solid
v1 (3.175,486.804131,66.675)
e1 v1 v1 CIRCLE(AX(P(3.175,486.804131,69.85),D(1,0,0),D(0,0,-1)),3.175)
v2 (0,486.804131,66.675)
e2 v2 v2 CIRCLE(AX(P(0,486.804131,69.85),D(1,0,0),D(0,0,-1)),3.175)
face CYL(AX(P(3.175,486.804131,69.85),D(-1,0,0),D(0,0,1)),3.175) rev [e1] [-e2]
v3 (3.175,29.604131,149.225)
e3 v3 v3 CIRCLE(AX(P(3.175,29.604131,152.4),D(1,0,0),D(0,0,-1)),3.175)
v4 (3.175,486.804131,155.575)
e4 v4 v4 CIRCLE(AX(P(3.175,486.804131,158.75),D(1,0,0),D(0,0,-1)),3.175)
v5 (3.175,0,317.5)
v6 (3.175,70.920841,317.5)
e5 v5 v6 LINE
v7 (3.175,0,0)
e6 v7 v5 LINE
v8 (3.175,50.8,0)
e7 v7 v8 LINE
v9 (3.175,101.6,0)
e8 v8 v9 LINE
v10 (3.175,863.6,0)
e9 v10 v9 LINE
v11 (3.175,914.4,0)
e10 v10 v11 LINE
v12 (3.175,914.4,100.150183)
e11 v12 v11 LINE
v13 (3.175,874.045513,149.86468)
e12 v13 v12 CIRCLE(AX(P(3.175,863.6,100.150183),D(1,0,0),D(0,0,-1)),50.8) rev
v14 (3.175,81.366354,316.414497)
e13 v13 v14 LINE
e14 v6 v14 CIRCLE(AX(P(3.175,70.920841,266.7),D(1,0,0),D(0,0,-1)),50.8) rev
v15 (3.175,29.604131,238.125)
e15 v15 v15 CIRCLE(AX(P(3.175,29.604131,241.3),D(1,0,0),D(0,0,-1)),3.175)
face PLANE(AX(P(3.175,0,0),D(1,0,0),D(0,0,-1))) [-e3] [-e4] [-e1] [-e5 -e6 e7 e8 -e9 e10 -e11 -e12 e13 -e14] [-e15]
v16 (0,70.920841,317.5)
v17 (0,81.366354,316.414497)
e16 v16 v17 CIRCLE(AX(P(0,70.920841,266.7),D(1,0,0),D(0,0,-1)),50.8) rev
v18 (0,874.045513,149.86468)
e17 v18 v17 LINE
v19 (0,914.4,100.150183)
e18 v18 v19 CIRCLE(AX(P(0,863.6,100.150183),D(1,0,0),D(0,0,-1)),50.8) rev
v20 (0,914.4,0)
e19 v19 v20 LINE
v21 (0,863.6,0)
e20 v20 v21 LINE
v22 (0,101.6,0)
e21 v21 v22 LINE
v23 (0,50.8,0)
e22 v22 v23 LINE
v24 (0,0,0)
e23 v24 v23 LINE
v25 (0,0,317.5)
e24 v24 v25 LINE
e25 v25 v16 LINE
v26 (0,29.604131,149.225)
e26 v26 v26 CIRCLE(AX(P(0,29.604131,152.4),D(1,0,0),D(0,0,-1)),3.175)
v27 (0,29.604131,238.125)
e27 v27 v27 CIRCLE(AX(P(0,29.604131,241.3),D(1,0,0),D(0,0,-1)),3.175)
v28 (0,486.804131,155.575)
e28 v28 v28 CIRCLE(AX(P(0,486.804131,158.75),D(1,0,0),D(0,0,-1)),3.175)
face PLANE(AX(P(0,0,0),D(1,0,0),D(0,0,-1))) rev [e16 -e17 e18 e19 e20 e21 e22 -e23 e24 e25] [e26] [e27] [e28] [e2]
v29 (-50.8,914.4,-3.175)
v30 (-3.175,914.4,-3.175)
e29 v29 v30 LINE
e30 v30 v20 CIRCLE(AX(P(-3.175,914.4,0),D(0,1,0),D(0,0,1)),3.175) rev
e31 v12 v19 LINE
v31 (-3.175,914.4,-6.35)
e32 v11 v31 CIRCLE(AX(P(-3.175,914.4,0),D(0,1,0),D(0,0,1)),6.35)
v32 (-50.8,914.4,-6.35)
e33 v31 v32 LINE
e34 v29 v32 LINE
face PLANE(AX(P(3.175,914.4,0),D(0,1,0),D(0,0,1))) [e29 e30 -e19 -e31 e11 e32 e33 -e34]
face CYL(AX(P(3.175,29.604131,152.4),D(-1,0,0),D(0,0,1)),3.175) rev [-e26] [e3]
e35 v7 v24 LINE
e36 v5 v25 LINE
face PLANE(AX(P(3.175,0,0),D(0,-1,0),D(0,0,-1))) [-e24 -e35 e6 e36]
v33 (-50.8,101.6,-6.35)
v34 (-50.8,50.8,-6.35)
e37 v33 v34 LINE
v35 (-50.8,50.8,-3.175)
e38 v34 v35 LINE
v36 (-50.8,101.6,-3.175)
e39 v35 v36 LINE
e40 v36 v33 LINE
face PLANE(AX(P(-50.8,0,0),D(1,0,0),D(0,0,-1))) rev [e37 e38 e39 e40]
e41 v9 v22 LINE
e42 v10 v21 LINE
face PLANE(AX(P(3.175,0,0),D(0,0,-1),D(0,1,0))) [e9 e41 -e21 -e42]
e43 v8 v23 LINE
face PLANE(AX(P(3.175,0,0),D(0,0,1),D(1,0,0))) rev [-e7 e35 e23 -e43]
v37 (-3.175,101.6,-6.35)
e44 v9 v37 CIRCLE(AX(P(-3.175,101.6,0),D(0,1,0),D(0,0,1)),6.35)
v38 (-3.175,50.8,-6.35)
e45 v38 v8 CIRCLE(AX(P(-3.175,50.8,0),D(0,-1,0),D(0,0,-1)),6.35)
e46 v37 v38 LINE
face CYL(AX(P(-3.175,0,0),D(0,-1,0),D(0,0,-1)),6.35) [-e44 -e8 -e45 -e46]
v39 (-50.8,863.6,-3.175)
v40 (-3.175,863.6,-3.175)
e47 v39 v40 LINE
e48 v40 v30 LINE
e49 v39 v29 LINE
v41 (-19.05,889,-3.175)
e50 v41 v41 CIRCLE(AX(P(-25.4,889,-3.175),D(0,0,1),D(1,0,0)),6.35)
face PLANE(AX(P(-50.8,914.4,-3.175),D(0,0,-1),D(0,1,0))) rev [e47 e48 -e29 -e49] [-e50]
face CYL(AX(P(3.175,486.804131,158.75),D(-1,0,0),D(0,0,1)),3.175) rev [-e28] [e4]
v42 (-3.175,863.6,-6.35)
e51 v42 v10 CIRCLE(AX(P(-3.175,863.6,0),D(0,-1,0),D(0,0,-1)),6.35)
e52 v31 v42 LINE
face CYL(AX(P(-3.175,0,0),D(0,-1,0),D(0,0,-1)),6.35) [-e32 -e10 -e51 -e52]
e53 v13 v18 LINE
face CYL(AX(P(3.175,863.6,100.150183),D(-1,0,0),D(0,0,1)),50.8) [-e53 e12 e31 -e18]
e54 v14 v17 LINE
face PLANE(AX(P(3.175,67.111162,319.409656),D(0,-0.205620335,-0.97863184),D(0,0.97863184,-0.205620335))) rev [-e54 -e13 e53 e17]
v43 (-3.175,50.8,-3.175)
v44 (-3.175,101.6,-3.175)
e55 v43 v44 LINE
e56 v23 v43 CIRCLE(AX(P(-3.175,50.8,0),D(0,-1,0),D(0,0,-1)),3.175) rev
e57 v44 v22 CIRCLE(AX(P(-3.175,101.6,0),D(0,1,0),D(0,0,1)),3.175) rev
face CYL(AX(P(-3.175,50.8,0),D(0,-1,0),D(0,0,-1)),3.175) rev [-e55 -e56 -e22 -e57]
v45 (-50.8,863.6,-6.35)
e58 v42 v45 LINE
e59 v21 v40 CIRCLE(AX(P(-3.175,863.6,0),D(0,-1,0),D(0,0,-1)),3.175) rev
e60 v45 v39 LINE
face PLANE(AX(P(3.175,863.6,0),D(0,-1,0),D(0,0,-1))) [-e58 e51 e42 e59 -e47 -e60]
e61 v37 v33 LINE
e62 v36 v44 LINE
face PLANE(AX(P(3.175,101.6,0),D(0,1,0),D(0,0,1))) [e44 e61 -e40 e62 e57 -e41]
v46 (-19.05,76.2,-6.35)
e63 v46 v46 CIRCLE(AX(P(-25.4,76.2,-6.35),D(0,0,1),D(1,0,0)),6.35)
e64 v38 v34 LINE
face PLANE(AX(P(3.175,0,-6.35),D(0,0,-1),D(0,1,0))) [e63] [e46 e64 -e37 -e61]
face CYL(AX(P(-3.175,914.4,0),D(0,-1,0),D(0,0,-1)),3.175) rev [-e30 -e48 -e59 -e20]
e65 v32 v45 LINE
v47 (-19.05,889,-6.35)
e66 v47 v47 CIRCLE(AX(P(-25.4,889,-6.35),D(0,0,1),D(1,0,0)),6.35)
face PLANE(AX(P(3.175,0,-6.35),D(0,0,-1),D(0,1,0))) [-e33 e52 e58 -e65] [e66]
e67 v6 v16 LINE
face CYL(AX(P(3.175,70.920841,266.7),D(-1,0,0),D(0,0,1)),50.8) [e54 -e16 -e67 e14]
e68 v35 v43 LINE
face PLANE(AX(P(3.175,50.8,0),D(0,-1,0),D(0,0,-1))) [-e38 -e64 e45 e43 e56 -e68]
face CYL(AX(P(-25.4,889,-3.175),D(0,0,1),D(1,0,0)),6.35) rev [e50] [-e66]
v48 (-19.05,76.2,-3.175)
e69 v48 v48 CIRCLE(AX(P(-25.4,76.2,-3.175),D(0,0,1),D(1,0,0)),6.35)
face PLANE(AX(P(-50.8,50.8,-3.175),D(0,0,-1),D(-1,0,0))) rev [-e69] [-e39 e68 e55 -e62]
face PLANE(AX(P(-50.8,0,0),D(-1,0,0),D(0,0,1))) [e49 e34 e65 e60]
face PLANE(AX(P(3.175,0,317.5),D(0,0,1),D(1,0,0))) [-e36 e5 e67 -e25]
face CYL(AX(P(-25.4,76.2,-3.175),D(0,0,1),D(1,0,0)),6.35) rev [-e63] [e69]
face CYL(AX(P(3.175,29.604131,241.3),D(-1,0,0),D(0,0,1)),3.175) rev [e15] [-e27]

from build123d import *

# Parameters (mm, degrees)
BOSS_EXTRUDE2_DEPTH        = 3.175
SKETCH2_W                  = 3.175
SKETCH2_H                  = 50.8
BOSS_EXTRUDE3_DEPTH        = 50.8
FILLET3_R                  = 6.35
F_1_2_0_5_DIAMETER_HOLE1_D = 12.7
FILLET4_R                  = 3.175


with BuildPart() as part:
    # Sketch1 → Boss-Extrude2 (new body)
    with BuildSketch(Plane(origin=(0, 0, 0), x_dir=(0, 0, -1), z_dir=(1, 0, 0))):
        with BuildLine():
            Line((-317.5, 0), (0, 0))
            Line((0, 0), (0, 50.8))
            Line((0, 50.8), (6.35, 50.8))
            Line((6.35, 50.8), (6.35, 101.6))
            Line((6.35, 101.6), (0, 101.6))
            Line((0, 101.6), (0, 559.756235294))
            Line((0, 559.756235294), (0, 863.6))
            Line((0, 863.6), (6.35, 863.6))
            Line((6.35, 863.6), (6.35, 914.4))
            Line((6.35, 914.4), (-100.150182785, 914.4))
            ThreePointArc((-100.150182785, 914.4), (-132.16586597, 903.041552077), (-149.864680249, 874.045513001))
            Line((-149.864680249, 874.045513001), (-316.414497465, 81.366353538))
            ThreePointArc((-316.414497465, 81.366353538), (-317.227895618, 76.171722787), (-317.5, 70.920840537))
            Line((-317.5, 70.920840537), (-317.5, 0))
        make_face()
        with BuildLine():
            ThreePointArc((-244.475, 29.604131036), (-241.3, 32.779131036), (-238.125, 29.604131036))
            ThreePointArc((-238.125, 29.604131036), (-241.3, 26.429131036), (-244.475, 29.604131036))
        make_face(mode=Mode.SUBTRACT)
        with BuildLine():
            ThreePointArc((-149.225, 29.604131036), (-152.4, 26.429131036), (-155.575, 29.604131036))
            ThreePointArc((-155.575, 29.604131036), (-152.4, 32.779131036), (-149.225, 29.604131036))
        make_face(mode=Mode.SUBTRACT)
        with BuildLine():
            ThreePointArc((-161.925, 486.804131036), (-158.75, 489.979131036), (-155.575, 486.804131036))
            ThreePointArc((-155.575, 486.804131036), (-158.75, 483.629131036), (-161.925, 486.804131036))
        make_face(mode=Mode.SUBTRACT)
        with BuildLine():
            ThreePointArc((-66.675, 486.804131036), (-69.85, 483.629131036), (-73.025, 486.804131036))
            ThreePointArc((-73.025, 486.804131036), (-69.85, 489.979131036), (-66.675, 486.804131036))
        make_face(mode=Mode.SUBTRACT)
    extrude(amount=BOSS_EXTRUDE2_DEPTH)

    # Sketch2 → Boss-Extrude3 (add)
    with BuildSketch(Plane.ZY):
        with Locations((-4.7625, 889)):
            Rectangle(SKETCH2_W, SKETCH2_H)
        with Locations((-4.7625, 76.2)):
            Rectangle(SKETCH2_W, SKETCH2_H)
    extrude(amount=BOSS_EXTRUDE3_DEPTH)

    # Fillet3
    fillet3_edges = [part.edges().sort_by_distance(p)[0] for p in [
        (3.175, 76.2, -6.35),
        (3.175, 889, -6.35),
    ]]
    fillet(fillet3_edges, radius=FILLET3_R)

    # 1/2 (0.5) Diameter Hole1 (through all)
    with Locations(Plane.XY.offset(-3.175)):
        with Locations((-25.4, 76.2), (-25.4, 889)):
            Hole(F_1_2_0_5_DIAMETER_HOLE1_D / 2)

    # Fillet4
    fillet4_edges = [part.edges().sort_by_distance(p)[0] for p in [
        (0, 889, -3.175),
        (0, 76.2, -3.175),
    ]]
    fillet(fillet4_edges, radius=FILLET4_R)


solid = part.part
